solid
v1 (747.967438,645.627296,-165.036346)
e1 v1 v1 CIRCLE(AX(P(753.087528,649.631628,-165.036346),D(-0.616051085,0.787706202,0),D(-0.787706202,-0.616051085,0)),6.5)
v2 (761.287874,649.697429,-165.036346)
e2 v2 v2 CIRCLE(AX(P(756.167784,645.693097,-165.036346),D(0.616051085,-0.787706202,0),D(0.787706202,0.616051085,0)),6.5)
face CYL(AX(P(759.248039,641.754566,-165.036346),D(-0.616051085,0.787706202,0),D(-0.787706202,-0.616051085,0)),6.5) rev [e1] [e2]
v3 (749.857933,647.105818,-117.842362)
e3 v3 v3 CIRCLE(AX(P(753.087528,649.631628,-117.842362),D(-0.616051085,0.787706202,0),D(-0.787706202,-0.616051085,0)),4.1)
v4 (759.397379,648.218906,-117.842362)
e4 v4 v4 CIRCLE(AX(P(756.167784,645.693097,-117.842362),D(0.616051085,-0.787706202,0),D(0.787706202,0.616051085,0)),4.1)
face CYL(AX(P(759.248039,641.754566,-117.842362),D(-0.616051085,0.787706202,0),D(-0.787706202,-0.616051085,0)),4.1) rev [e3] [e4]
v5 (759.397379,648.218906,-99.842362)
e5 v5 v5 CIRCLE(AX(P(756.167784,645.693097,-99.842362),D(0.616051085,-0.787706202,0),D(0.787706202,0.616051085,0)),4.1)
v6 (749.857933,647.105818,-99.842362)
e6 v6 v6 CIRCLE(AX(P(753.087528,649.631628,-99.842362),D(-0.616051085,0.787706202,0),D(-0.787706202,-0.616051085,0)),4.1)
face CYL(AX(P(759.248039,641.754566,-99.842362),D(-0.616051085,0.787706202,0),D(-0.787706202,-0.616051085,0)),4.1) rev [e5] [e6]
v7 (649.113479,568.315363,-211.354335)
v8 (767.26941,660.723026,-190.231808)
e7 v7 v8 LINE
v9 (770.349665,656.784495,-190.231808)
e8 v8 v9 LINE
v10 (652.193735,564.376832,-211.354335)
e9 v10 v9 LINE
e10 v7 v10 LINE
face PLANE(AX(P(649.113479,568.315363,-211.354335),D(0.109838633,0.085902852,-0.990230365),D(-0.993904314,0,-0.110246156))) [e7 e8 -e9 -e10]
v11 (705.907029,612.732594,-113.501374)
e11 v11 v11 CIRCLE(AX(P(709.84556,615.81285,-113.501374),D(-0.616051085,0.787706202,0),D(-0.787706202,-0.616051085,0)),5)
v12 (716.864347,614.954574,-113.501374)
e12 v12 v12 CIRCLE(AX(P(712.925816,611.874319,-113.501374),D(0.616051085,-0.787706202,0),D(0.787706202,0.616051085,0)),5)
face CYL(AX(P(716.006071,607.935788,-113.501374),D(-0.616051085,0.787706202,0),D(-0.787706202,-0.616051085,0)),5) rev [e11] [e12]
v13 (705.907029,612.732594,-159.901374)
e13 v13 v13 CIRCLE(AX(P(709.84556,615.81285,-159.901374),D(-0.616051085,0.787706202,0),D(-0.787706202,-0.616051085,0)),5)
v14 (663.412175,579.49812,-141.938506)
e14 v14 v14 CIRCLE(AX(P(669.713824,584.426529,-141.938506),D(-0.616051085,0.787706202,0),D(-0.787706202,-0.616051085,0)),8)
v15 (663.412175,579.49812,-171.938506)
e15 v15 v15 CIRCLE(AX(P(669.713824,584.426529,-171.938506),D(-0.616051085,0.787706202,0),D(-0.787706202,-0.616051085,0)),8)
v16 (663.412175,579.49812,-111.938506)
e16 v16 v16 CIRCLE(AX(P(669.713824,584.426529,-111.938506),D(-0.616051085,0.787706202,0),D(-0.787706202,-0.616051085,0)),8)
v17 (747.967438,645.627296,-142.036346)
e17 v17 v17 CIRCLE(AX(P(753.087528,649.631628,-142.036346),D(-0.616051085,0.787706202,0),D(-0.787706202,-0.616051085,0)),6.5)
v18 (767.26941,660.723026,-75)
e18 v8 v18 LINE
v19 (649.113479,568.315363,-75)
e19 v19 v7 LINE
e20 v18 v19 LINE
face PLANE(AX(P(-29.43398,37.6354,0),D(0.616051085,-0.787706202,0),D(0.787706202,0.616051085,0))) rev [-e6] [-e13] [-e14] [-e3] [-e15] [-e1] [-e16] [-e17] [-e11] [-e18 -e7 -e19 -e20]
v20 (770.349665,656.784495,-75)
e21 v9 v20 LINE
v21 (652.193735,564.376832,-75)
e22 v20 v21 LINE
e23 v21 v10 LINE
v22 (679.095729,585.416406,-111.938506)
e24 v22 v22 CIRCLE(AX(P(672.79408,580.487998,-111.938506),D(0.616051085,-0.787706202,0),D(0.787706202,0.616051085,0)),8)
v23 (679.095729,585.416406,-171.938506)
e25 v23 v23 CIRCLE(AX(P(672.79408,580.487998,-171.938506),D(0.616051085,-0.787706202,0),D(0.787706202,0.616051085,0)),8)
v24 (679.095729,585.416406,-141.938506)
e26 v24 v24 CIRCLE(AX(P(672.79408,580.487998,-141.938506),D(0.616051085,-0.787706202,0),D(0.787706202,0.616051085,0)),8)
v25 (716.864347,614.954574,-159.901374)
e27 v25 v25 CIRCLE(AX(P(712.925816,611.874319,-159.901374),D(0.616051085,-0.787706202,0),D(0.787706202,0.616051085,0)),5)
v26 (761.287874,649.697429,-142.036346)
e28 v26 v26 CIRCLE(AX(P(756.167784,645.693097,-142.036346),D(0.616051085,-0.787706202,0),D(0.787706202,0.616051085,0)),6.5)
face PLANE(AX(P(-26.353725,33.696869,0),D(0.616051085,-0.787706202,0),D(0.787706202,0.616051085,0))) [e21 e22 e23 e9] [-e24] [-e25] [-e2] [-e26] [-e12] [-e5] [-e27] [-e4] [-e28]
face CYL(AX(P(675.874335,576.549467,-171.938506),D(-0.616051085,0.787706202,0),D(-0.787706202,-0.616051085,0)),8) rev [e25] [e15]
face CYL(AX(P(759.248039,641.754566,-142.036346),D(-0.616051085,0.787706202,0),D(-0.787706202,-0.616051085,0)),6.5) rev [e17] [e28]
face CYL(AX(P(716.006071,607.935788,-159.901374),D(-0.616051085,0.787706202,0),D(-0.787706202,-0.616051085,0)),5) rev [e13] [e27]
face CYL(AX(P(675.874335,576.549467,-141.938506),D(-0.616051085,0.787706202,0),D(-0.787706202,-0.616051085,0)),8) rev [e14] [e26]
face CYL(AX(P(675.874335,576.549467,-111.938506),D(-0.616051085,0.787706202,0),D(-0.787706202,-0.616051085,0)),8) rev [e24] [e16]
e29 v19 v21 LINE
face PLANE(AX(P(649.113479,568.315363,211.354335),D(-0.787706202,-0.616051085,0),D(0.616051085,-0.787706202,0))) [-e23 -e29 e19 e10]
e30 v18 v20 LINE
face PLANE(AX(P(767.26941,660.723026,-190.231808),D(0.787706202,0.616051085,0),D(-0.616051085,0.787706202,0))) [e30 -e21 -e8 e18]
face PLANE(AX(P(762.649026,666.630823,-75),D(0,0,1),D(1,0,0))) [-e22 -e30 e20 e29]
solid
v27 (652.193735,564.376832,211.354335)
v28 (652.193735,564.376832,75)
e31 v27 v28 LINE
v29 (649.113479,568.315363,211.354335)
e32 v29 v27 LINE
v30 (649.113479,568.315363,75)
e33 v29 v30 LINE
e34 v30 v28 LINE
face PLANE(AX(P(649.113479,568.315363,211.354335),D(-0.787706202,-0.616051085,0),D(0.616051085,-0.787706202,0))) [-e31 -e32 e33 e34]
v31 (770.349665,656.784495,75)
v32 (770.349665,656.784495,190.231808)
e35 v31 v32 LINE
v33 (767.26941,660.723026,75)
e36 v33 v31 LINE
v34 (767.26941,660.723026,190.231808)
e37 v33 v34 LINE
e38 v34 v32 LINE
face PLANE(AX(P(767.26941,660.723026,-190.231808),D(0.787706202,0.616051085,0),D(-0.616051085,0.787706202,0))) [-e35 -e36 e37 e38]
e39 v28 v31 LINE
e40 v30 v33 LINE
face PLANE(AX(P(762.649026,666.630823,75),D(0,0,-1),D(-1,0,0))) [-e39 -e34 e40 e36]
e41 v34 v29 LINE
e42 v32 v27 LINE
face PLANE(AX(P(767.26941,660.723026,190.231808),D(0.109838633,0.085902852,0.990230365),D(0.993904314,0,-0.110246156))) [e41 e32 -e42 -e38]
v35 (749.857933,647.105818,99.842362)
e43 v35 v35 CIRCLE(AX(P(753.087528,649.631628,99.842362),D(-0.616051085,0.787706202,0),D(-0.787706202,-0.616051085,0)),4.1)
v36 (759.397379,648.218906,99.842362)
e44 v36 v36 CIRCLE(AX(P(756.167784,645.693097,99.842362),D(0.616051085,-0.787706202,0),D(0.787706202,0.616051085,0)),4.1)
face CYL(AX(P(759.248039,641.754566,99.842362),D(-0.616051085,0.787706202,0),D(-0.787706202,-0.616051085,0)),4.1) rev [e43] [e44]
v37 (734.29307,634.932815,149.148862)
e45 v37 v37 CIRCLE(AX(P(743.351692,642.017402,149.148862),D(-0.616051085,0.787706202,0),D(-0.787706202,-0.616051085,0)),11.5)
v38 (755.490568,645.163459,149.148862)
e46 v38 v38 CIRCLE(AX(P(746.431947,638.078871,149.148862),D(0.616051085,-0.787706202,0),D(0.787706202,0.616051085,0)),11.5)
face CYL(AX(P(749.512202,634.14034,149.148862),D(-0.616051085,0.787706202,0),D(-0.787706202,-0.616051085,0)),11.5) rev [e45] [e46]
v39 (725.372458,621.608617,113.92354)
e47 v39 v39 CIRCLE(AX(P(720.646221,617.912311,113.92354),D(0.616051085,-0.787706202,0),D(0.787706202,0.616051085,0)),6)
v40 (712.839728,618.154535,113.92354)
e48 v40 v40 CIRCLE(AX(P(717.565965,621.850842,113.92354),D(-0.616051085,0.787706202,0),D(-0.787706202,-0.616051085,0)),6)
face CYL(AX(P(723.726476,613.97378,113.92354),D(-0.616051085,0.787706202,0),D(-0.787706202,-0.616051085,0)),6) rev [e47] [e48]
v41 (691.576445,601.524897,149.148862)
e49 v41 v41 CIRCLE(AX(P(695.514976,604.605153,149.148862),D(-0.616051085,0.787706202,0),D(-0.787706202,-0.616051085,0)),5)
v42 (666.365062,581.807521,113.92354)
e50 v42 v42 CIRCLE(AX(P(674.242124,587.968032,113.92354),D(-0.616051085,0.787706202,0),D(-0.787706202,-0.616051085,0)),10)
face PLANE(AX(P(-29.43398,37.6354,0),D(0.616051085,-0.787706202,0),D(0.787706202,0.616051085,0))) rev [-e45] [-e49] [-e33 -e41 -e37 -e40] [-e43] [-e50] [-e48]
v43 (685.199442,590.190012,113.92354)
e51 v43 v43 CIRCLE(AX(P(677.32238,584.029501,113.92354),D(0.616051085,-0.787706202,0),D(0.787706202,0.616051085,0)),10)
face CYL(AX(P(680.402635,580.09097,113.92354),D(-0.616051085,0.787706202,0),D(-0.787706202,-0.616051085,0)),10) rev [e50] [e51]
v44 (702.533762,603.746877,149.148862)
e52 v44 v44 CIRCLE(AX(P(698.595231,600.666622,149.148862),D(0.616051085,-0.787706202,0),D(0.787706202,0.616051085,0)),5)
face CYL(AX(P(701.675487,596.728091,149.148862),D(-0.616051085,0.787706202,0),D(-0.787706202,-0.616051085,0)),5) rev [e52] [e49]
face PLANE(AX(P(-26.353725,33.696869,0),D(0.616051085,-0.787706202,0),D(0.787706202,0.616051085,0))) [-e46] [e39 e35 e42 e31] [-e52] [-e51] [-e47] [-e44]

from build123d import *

# Parameters (mm, degrees)
BOSS_EXTRUDE1_START = -7.95
BOSS_EXTRUDE1_DEPTH = 2.5
SKETCH3_W           = 150
SKETCH3_H           = 150
CUT_EXTRUDE2_DEPTH  = 7.5
SKETCH4_R           = 6.5
CUT_EXTRUDE3_DEPTH  = 10
SKETCH5_R           = 4.1
CUT_EXTRUDE4_DEPTH  = 10
SKETCH6_R           = 5
CUT_EXTRUDE5_DEPTH  = 10
SKETCH7_R           = 8
CUT_EXTRUDE6_DEPTH  = 10
SKETCH8_R           = 4.1
SKETCH8_R_2         = 11.5
SKETCH8_R_3         = 5
CUT_EXTRUDE7_DEPTH  = 10
SKETCH9_R           = 10
CUT_EXTRUDE8_DEPTH  = 10
SKETCH10_R          = 6
CUT_EXTRUDE9_DEPTH  = 10


with BuildPart() as part:
    # Sketch2 → Boss-Extrude1 (new, symmetric)
    with BuildSketch(Plane(origin=(-22.996246438, 29.403869875, 0), x_dir=(-0.7877062019611437, -0.616051085050542, 0), z_dir=(0.6160510850505418, -0.7877062019611436, 0)).offset(BOSS_EXTRUDE1_START)):
        Polygon((-1011.422009658, 190.231808412), (-1011.422009658, -190.231808412), (-861.422009658, -211.354335393), (-861.422009658, 211.354335393), align=None)
    extrude(amount=BOSS_EXTRUDE1_DEPTH, both=True)

    # Sketch3 → Cut-Extrude2 (cut, symmetric)
    with BuildSketch(Plane(origin=(-29.433980277, 37.635399685, 0), x_dir=(0.787706201961144, 0.6160510850505414, 0), z_dir=(-0.6160510850505414, 0.787706201961144, 0))):
        with Locations((936.422009658, 0)):
            Rectangle(SKETCH3_W, SKETCH3_H)
    extrude(amount=CUT_EXTRUDE2_DEPTH, both=True, mode=Mode.SUBTRACT)


with BuildPart() as cut_extrude2_piece_1:
    # of the separate pieces the step leaves, piece 1, a body of its own (cut_extrude2_pieces)
    add(part.part.solids().sort_by_distance((770.349664956, 656.784495169, -190.231808412))[0])

    # Sketch4 → Cut-Extrude3 (cut)
    with BuildSketch(Plane(origin=(-29.433980277, 37.635399685, 0), x_dir=(0.787706201961144, 0.6160510850505414, 0), z_dir=(-0.6160510850505414, 0.787706201961144, 0))):
        with Locations(Location((993.417985757, 165.036346105, 0), (0, 0, 180))):
            Circle(SKETCH4_R)
        with Locations(Location((993.417985757, 142.036346105, 0), (0, 0, 180))):
            Circle(SKETCH4_R)
    extrude(amount=-CUT_EXTRUDE3_DEPTH, mode=Mode.SUBTRACT)

    # Sketch5 → Cut-Extrude4 (cut)
    with BuildSketch(Plane(origin=(-29.433980277, 37.635399685, 0), x_dir=(0.787706201961144, 0.6160510850505414, 0), z_dir=(-0.6160510850505414, 0.787706201961144, 0))):
        with Locations(Location((993.417985757, 117.842361568, 0), (0, 0, 180))):
            Circle(SKETCH5_R)
        with Locations(Location((993.417985757, 99.842361568, 0), (0, 0, 180))):
            Circle(SKETCH5_R)
    extrude(amount=-CUT_EXTRUDE4_DEPTH, mode=Mode.SUBTRACT)

    # Sketch6 → Cut-Extrude5 (cut)
    with BuildSketch(Plane(origin=(-29.433980277, 37.635399685, 0), x_dir=(0.787706201961144, 0.6160510850505414, 0), z_dir=(-0.6160510850505414, 0.787706201961144, 0))):
        with Locations(Location((938.52192437, 159.901373806, 0), (0, 0, 180))):
            Circle(SKETCH6_R)
        with Locations(Location((938.52192437, 113.501373806, 0), (0, 0, 180))):
            Circle(SKETCH6_R)
    extrude(amount=-CUT_EXTRUDE5_DEPTH, mode=Mode.SUBTRACT)

    # Sketch7 → Cut-Extrude6 (cut)
    with BuildSketch(Plane(origin=(-29.433980277, 37.635399685, 0), x_dir=(0.787706201961144, 0.6160510850505414, 0), z_dir=(-0.6160510850505414, 0.787706201961144, 0))):
        with Locations(Location((887.574329997, 171.938506111, 0), (0, 0, 180))):
            Circle(SKETCH7_R)
        with Locations(Location((887.574329997, 141.938506111, 0), (0, 0, 180))):
            Circle(SKETCH7_R)
        with Locations(Location((887.574329997, 111.938506111, 0), (0, 0, 180))):
            Circle(SKETCH7_R)
    extrude(amount=-CUT_EXTRUDE6_DEPTH, mode=Mode.SUBTRACT)


with BuildPart() as cut_extrude2_piece_2:
    # of the separate pieces the step leaves, piece 2, a body of its own (cut_extrude2_pieces)
    add(part.part.solids().sort_by_distance((767.269409531, 660.723026179, 75))[0])

    # Sketch8 → Cut-Extrude7 (cut)
    with BuildSketch(Plane(origin=(-29.433980277, 37.635399685, 0), x_dir=(0.787706201961144, 0.6160510850505414, 0), z_dir=(-0.6160510850505414, 0.787706201961144, 0))):
        with Locations(Location((993.417985757, -99.842361568, 0), (0, 0, 180))):
            Circle(SKETCH8_R)
        with Locations(Location((981.058254788, -149.148862314, 0), (0, 0, 180))):
            Circle(SKETCH8_R_2)
        with Locations(Location((920.329120361, -149.148862314, 0), (0, 0, 180))):
            Circle(SKETCH8_R_3)
    extrude(amount=-CUT_EXTRUDE7_DEPTH, mode=Mode.SUBTRACT)

    # Sketch9 → Cut-Extrude8 (cut)
    with BuildSketch(Plane(origin=(-29.433980277, 37.635399685, 0), x_dir=(0.787706201961144, 0.6160510850505414, 0), z_dir=(-0.6160510850505414, 0.787706201961144, 0))):
        with Locations(Location((893.323046846, -113.92353986, 0), (0, 0, 180))):
            Circle(SKETCH9_R)
    extrude(amount=-CUT_EXTRUDE8_DEPTH, mode=Mode.SUBTRACT)

    # Sketch10 → Cut-Extrude9 (cut)
    with BuildSketch(Plane(origin=(-29.433980277, 37.635399685, 0), x_dir=(0.787706201961144, 0.6160510850505414, 0), z_dir=(-0.6160510850505414, 0.787706201961144, 0))):
        with Locations(Location((948.323046846, -113.92353986, 0), (0, 0, 180))):
            Circle(SKETCH10_R)
    extrude(amount=-CUT_EXTRUDE9_DEPTH, mode=Mode.SUBTRACT)


solid = Compound([cut_extrude2_piece_1.part, cut_extrude2_piece_2.part])
